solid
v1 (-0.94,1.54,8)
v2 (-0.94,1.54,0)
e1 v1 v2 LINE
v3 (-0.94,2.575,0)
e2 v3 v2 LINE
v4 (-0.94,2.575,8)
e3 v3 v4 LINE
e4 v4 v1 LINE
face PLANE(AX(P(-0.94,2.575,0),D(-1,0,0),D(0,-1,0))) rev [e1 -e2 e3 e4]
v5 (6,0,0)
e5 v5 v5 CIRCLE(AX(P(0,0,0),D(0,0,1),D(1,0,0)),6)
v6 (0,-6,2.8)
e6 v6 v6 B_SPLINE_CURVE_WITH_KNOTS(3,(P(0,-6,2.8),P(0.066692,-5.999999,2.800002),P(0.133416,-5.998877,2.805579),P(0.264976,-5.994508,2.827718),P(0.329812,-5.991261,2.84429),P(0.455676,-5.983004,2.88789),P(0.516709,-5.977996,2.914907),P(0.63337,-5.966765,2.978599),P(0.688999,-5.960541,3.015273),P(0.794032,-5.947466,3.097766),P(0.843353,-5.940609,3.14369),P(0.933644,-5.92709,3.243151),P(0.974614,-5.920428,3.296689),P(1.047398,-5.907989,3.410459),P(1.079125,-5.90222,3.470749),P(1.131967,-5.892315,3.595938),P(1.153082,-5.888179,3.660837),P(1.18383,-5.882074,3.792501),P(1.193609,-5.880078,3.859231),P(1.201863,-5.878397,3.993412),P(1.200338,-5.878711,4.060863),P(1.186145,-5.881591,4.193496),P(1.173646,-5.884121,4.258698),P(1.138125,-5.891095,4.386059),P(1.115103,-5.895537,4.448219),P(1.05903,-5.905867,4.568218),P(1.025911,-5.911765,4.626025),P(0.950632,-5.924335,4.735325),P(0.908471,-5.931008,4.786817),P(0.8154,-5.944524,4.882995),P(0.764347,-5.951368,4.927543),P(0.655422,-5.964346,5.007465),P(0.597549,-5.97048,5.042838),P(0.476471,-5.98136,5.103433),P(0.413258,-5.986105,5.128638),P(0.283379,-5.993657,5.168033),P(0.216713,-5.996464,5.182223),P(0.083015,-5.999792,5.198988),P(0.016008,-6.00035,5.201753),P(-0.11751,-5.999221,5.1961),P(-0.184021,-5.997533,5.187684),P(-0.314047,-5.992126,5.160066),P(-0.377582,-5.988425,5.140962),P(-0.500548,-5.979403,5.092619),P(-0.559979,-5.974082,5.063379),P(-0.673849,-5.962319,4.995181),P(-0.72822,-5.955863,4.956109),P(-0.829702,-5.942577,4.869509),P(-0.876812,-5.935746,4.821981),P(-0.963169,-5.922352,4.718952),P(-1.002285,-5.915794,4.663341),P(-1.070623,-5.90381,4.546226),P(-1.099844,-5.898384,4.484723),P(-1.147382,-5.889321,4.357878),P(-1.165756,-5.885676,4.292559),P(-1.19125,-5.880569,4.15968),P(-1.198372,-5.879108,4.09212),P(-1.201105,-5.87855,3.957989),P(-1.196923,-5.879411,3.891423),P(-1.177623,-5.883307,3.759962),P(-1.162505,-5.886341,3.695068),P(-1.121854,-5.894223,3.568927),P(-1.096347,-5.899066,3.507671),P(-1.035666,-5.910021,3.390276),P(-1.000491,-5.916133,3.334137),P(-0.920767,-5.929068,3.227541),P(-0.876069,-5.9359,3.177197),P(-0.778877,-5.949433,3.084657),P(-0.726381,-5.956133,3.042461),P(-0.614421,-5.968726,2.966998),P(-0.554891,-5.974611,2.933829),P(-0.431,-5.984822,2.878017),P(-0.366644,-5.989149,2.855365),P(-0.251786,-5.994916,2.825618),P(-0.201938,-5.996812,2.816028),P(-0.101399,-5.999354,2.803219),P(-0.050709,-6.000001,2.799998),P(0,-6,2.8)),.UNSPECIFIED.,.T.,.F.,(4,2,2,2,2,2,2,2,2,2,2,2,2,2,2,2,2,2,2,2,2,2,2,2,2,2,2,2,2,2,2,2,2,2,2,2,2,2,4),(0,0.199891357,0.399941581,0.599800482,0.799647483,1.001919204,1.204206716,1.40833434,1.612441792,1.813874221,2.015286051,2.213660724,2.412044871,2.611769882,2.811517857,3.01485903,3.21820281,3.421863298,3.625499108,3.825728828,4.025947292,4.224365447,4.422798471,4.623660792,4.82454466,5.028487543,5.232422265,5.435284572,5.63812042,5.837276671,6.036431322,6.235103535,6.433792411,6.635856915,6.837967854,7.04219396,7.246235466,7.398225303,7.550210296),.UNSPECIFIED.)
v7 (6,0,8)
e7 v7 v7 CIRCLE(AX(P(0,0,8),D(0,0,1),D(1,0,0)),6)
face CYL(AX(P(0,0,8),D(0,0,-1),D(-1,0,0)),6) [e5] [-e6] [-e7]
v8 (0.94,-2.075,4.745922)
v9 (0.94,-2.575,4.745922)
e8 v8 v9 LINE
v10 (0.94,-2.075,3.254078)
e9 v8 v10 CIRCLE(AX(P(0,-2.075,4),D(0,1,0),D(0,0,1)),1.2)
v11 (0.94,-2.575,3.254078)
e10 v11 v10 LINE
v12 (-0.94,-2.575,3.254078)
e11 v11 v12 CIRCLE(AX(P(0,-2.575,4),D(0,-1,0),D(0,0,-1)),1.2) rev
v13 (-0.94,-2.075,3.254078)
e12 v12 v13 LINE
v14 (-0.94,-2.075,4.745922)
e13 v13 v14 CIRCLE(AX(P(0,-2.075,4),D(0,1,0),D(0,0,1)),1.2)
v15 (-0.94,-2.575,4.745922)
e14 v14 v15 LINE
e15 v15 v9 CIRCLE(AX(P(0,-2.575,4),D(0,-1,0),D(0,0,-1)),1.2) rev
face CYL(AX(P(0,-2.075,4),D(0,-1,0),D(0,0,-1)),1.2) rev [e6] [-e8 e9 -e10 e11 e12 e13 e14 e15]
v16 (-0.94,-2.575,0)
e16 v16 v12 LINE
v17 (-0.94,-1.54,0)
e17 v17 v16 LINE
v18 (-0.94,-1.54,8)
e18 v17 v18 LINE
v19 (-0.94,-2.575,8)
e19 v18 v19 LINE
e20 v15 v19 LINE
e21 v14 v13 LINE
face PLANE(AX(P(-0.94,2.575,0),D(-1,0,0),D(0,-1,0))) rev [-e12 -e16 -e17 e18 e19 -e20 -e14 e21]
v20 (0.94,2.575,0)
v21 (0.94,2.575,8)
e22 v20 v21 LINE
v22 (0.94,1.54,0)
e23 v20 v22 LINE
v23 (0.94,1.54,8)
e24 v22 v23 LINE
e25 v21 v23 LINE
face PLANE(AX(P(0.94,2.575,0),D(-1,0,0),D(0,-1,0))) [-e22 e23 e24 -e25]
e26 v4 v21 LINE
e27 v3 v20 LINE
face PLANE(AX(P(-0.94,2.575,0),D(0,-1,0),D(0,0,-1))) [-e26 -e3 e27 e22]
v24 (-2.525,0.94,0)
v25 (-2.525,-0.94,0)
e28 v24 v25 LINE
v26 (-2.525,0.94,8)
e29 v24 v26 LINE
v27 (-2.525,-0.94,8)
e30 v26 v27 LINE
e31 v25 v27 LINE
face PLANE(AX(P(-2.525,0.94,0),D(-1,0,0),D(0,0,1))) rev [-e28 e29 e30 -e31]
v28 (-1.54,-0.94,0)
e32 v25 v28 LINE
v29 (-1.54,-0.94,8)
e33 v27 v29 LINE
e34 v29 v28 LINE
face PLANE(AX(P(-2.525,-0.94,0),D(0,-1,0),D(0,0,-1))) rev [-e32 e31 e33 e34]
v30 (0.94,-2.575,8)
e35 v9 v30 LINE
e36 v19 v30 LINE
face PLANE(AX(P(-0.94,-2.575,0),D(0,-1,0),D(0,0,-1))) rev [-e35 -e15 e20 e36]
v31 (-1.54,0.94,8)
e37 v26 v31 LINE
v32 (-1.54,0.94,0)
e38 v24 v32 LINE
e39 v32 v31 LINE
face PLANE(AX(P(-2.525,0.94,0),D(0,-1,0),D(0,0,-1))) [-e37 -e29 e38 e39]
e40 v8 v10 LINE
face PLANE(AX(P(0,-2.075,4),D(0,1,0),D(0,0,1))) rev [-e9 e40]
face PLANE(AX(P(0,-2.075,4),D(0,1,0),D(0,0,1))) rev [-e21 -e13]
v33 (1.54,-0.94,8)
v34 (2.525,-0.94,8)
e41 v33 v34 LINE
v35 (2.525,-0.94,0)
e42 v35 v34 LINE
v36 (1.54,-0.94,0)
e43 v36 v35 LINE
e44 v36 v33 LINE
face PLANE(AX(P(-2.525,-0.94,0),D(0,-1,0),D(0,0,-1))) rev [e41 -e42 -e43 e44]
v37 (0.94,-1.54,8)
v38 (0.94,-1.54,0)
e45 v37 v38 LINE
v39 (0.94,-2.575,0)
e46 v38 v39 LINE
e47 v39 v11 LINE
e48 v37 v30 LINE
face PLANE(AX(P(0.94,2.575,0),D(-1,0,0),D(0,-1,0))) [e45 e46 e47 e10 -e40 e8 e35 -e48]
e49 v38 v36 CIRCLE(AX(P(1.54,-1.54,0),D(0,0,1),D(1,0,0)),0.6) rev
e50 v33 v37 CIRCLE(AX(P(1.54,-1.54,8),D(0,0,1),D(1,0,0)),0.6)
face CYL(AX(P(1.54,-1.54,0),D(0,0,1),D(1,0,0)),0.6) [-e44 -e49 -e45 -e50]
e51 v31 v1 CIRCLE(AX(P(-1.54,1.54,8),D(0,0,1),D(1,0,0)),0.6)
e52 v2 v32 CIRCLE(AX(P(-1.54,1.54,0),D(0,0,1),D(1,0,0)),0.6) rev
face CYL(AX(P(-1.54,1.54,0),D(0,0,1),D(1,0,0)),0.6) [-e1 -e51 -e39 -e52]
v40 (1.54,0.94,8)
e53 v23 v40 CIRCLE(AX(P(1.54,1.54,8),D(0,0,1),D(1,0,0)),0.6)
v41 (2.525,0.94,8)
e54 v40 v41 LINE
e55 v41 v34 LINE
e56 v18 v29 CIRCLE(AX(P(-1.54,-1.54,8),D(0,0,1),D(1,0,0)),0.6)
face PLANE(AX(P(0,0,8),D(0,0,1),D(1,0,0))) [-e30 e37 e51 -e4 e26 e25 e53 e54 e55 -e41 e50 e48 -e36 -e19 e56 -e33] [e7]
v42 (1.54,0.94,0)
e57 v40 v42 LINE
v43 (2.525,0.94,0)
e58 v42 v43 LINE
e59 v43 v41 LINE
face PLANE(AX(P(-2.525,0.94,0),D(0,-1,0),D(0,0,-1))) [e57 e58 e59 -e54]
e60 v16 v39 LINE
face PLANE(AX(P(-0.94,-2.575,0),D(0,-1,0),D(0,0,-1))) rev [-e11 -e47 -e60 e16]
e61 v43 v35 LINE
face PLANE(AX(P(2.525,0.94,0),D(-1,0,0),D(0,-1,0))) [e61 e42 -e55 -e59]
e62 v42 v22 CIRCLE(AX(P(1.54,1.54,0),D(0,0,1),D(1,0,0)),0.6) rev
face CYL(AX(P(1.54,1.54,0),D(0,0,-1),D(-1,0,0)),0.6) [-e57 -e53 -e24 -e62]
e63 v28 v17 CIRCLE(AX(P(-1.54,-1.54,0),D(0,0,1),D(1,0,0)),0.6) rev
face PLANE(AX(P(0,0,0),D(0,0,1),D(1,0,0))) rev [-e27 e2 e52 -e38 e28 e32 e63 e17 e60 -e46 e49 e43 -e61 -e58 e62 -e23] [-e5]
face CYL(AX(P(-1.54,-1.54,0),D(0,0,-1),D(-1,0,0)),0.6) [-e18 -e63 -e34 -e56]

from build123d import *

# Parameters (mm, degrees)
SKETCH_1_R               = 6
EXTRUDE_1_DEPTH          = 8
SKETCH_2_W               = 5.05
SKETCH_2_H               = 1.88
SKETCH_2_W_2             = 1.88
SKETCH_2_H_2             = 5.15
CUT_EXTRUDE_1_DEPTH      = 12.66190379
FILLET_1_R               = 0.6
CUT_EXTRUDE_2_DEPTH      = 0.5
CUT_EXTRUDE_2_DEPTH_BACK = 14.17310233
SKETCH_3_R               = 1.2


with BuildPart() as part:
    # ｽｹｯﾁ1 → ﾎﾞｽ - 押し出し1 (new body)
    with BuildSketch(Plane.XY):
        Circle(SKETCH_1_R)
    extrude(amount=EXTRUDE_1_DEPTH)

    # ｽｹｯﾁ2 → ｶｯﾄ - 押し出し1 (cut, through all)
    with BuildSketch(Plane.XY.offset(8)):
        Rectangle(SKETCH_2_W, SKETCH_2_H)
        Rectangle(SKETCH_2_W_2, SKETCH_2_H_2)
    extrude(amount=-CUT_EXTRUDE_1_DEPTH, mode=Mode.SUBTRACT)

    # ﾌｨﾚｯﾄ1
    fillet_1_edges = [part.edges().sort_by_distance(p)[0] for p in [
        (-0.94, 0.94, 4),
        (0.94, -0.94, 4),
        (-0.94, -0.94, 4),
        (0.94, 0.94, 4),
    ]]
    fillet(fillet_1_edges, radius=FILLET_1_R)

    # ｽｹｯﾁ3 → ｶｯﾄ - 押し出し2 (cut, two sides: drawn at the far end of the back side and taken through both)
    with BuildSketch(Plane(origin=(0, -2.575, 0), x_dir=(1, 0, 0), z_dir=(0, 1, 0)).offset(-CUT_EXTRUDE_2_DEPTH_BACK)):
        with Locations(Location((0, -4, 0), (0, 0, 90))):
            Circle(SKETCH_3_R)
    extrude(amount=CUT_EXTRUDE_2_DEPTH + CUT_EXTRUDE_2_DEPTH_BACK, mode=Mode.SUBTRACT)


solid = part.part
